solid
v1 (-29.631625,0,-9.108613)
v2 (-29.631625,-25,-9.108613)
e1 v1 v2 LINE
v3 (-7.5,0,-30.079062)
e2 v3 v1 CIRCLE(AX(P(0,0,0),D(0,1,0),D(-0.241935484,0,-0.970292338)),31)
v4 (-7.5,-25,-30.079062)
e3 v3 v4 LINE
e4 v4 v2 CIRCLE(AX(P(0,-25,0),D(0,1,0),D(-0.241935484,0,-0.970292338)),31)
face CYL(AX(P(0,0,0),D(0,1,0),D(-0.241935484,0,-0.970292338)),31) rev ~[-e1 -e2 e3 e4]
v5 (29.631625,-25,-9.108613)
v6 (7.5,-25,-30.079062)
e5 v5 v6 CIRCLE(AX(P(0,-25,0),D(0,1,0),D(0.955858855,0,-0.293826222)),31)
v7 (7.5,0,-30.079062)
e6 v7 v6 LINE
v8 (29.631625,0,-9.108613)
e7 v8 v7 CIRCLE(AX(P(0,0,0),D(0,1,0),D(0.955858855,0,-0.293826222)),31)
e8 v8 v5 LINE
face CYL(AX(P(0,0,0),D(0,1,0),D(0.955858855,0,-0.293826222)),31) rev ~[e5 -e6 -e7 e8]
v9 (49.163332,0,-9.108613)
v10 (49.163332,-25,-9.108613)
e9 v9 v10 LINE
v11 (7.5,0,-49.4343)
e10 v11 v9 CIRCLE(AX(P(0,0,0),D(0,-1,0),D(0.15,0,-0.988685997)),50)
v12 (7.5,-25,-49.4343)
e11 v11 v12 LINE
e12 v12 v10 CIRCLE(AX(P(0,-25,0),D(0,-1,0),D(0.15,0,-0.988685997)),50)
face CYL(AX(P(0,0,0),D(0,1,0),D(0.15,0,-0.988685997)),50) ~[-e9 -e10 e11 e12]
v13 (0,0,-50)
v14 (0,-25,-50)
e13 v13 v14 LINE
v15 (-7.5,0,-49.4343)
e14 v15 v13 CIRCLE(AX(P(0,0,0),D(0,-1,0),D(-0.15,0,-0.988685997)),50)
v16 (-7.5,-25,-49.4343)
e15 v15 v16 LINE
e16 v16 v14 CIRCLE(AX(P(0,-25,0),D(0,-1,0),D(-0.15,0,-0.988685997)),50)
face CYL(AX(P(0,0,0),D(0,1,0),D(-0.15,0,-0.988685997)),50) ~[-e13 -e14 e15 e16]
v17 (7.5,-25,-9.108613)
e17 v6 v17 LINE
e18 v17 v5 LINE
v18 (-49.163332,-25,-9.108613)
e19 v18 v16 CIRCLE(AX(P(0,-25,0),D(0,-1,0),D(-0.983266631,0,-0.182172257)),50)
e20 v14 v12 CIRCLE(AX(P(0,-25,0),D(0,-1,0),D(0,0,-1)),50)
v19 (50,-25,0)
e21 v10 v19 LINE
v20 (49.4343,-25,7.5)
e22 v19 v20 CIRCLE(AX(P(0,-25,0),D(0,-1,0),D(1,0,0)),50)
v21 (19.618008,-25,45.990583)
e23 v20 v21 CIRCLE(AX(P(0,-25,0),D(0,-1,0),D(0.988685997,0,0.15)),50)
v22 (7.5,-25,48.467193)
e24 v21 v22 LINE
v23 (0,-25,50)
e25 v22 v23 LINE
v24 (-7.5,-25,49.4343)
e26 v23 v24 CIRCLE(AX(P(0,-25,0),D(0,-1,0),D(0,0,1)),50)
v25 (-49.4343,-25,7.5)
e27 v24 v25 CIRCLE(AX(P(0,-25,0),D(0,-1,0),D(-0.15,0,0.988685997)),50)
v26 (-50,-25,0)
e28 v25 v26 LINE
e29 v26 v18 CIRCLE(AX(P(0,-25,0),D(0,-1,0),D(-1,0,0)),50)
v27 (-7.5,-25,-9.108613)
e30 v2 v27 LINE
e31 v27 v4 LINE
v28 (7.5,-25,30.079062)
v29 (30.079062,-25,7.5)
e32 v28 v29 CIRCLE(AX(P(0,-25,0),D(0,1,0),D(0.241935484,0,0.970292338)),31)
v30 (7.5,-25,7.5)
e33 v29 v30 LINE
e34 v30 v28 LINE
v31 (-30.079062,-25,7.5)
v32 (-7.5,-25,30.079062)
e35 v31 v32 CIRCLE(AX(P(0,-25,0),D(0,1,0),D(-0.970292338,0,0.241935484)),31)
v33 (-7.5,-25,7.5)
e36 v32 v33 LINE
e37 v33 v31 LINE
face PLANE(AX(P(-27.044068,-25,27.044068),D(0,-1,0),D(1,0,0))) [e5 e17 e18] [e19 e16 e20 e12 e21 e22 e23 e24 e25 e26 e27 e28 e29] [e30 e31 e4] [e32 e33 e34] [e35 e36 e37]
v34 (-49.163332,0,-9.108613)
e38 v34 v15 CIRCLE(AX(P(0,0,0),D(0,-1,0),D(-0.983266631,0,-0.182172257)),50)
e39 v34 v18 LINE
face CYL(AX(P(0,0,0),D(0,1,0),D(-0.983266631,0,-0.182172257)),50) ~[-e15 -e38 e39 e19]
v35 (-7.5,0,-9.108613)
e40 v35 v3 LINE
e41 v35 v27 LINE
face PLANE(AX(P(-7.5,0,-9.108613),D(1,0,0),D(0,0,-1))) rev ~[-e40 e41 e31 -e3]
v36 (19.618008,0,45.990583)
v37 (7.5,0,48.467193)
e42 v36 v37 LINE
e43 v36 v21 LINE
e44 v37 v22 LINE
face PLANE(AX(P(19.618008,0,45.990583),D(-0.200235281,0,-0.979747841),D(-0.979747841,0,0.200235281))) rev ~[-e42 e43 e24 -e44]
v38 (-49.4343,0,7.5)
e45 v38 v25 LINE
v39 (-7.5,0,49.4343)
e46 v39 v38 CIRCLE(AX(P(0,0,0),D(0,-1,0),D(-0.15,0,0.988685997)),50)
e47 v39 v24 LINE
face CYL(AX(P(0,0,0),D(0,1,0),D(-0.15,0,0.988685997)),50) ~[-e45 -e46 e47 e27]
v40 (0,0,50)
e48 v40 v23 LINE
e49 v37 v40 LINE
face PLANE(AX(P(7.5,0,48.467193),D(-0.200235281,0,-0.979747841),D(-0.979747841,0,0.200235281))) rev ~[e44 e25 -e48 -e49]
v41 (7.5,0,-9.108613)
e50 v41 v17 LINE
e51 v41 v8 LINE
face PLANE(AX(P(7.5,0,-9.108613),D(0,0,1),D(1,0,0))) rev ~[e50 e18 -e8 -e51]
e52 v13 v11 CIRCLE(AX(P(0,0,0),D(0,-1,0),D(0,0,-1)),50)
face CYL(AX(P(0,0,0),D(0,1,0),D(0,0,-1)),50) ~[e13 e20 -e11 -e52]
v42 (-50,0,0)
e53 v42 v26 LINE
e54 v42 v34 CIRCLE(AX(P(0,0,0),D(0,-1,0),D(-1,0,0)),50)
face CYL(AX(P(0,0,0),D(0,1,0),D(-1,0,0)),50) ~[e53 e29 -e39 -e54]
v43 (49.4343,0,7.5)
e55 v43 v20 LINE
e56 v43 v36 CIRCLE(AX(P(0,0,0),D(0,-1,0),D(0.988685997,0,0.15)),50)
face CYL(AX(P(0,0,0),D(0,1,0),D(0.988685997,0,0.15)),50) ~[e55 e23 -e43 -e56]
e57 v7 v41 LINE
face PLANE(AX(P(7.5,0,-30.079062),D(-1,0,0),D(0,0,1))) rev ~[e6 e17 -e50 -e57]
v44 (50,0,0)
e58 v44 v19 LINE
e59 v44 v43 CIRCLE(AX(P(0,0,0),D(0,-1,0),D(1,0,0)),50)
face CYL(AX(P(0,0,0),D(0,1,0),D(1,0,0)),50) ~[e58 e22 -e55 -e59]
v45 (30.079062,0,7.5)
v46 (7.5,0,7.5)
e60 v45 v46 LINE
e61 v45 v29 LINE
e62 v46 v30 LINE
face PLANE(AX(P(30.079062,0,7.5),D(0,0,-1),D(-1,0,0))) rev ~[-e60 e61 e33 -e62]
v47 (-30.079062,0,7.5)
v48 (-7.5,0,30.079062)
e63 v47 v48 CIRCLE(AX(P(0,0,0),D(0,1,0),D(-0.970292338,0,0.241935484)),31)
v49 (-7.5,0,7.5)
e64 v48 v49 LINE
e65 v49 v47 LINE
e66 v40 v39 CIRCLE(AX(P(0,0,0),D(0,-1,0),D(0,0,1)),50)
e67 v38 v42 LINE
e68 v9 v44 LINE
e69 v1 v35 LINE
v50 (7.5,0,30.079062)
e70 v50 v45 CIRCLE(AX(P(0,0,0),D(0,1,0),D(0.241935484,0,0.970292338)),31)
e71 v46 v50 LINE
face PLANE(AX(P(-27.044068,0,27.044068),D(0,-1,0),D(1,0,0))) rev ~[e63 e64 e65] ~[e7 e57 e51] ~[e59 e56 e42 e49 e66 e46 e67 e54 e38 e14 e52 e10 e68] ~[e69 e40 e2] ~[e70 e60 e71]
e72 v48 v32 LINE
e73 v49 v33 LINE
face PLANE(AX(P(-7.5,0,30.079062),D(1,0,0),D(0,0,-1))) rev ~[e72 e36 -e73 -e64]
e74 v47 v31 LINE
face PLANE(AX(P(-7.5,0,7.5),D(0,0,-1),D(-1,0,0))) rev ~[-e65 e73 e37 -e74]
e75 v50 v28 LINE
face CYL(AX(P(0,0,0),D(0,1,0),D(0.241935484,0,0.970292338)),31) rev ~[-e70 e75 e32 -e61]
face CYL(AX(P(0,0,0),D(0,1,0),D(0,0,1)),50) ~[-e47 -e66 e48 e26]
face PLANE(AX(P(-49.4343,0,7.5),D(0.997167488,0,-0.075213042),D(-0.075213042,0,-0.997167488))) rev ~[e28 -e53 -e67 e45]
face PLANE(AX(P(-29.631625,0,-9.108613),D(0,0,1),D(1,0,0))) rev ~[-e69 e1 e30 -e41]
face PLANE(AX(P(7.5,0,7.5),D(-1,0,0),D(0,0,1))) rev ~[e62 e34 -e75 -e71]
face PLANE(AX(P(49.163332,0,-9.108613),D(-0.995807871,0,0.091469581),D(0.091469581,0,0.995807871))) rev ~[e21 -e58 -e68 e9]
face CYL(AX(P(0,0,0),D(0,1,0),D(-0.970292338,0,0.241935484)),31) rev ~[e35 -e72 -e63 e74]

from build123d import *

# Parameters (mm, degrees)
F1_DEPTH = 25


with BuildPart() as f1:
    # F0 (on Front) → F1 (new body)
    with BuildSketch(Plane.XZ):
        with BuildLine():
            Line((-7.5, 30.0790624854), (-7.5, 49.4342998332))
            ThreePointArc((-7.5, 49.4342998332), (-35.3553390593, 35.3553390593), (-49.4342998332, 7.5))
            Line((-49.4342998332, 7.5), (-30.0790624854, 7.5))
            ThreePointArc((-30.0790624854, 7.5), (-21.9203102168, 21.9203102168), (-7.5, 30.0790624854))
        make_face()
        with BuildLine():
            ThreePointArc((49.4342998332, 7.5), (39.5276683909, 30.6196576007), (19.6180084329, 45.9905832223))
            Line((19.6180084329, 45.9905832223), (7.5, 48.4671927359))
            Line((7.5, 48.4671927359), (7.5, 30.0790624854))
            ThreePointArc((7.5, 30.0790624854), (21.9203102168, 21.9203102168), (30.0790624854, 7.5))
            Line((30.0790624854, 7.5), (49.4342998332, 7.5))
        make_face()
        with BuildLine():
            ThreePointArc((7.5, -49.4342998332), (34.773891693, -35.9273775348), (49.1633315746, -9.1086128737))
            Line((49.1633315746, -9.1086128737), (29.631624517, -9.1086128737))
            ThreePointArc((29.631624517, -9.1086128737), (21.322038459, -22.502681528), (7.5, -30.0790624854))
            Line((7.5, -30.0790624854), (7.5, -49.4342998332))
        make_face()
        with BuildLine():
            Line((49.1633315746, -9.1086128737), (50, 0))
            Line((50, 0), (31, 0))
            ThreePointArc((31, 0), (30.6559974559, -4.6054120322), (29.631624517, -9.1086128737))
            Line((29.631624517, -9.1086128737), (49.1633315746, -9.1086128737))
        make_face()
        with BuildLine():
            ThreePointArc((50, 0), (49.8583743801, 3.7606520937), (49.4342998332, 7.5))
            Line((49.4342998332, 7.5), (30.0790624854, 7.5))
            ThreePointArc((30.0790624854, 7.5), (30.7689042464, 3.7781650939), (31, 0))
            Line((31, 0), (50, 0))
        make_face()
        with BuildLine():
            Line((7.5, 48.4671927359), (0, 50))
            Line((0, 50), (0, 31))
            ThreePointArc((0, 31), (3.7781650939, 30.7689042464), (7.5, 30.0790624854))
            Line((7.5, 30.0790624854), (7.5, 48.4671927359))
        make_face()
        with BuildLine():
            Line((-30.0790624854, 7.5), (-49.4342998332, 7.5))
            Line((-49.4342998332, 7.5), (-50, 0))
            Line((-50, 0), (-31, 0))
            ThreePointArc((-31, 0), (-30.7689042464, 3.7781650939), (-30.0790624854, 7.5))
        make_face()
        with BuildLine():
            Line((-31, 0), (-50, 0))
            ThreePointArc((-50, 0), (-49.790393545, -4.5734790515), (-49.1633315746, -9.1086128737))
            Line((-49.1633315746, -9.1086128737), (-29.631624517, -9.1086128737))
            ThreePointArc((-29.631624517, -9.1086128737), (-30.6559974559, -4.6054120322), (-31, 0))
        make_face()
        with BuildLine():
            Line((-29.631624517, -9.1086128737), (-49.1633315746, -9.1086128737))
            ThreePointArc((-49.1633315746, -9.1086128737), (-34.773891693, -35.9273775348), (-7.5, -49.4342998332))
            Line((-7.5, -49.4342998332), (-7.5, -30.0790624854))
            ThreePointArc((-7.5, -30.0790624854), (-21.322038459, -22.502681528), (-29.631624517, -9.1086128737))
        make_face()
        with BuildLine():
            Line((-7.5, -30.0790624854), (-7.5, -49.4342998332))
            ThreePointArc((-7.5, -49.4342998332), (-3.7606520937, -49.8583743801), (0, -50))
            Line((0, -50), (0, -31))
            ThreePointArc((0, -31), (-3.7781650939, -30.7689042464), (-7.5, -30.0790624854))
        make_face()
        with BuildLine():
            ThreePointArc((0, -50), (3.7606520937, -49.8583743801), (7.5, -49.4342998332))
            Line((7.5, -49.4342998332), (7.5, -30.0790624854))
            ThreePointArc((7.5, -30.0790624854), (3.7781650939, -30.7689042464), (0, -31))
            Line((0, -31), (0, -50))
        make_face()
        with BuildLine():
            Line((0, 31), (0, 50))
            ThreePointArc((0, 50), (-3.7606520937, 49.8583743801), (-7.5, 49.4342998332))
            Line((-7.5, 49.4342998332), (-7.5, 30.0790624854))
            ThreePointArc((-7.5, 30.0790624854), (-3.7781650939, 30.7689042464), (0, 31))
        make_face()
        with BuildLine():
            Line((-7.5, 7.5), (-30.0790624854, 7.5))
            ThreePointArc((-30.0790624854, 7.5), (-30.7689042464, 3.7781650939), (-31, 0))
            Line((-31, 0), (-7.5, 0))
            Line((-7.5, 0), (-7.5, 7.5))
        make_face()
        with BuildLine():
            Line((-7.5, -9.1086128737), (-7.5, 0))
            Line((-7.5, 0), (-31, 0))
            ThreePointArc((-31, 0), (-30.6559974559, -4.6054120322), (-29.631624517, -9.1086128737))
            Line((-29.631624517, -9.1086128737), (-7.5, -9.1086128737))
        make_face()
        with BuildLine():
            ThreePointArc((31, 0), (30.7689042464, 3.7781650939), (30.0790624854, 7.5))
            Line((30.0790624854, 7.5), (7.5, 7.5))
            Line((7.5, 7.5), (7.5, 0))
            Line((7.5, 0), (31, 0))
        make_face()
        with BuildLine():
            Line((31, 0), (7.5, 0))
            Line((7.5, 0), (7.5, -9.1086128737))
            Line((7.5, -9.1086128737), (29.631624517, -9.1086128737))
            ThreePointArc((29.631624517, -9.1086128737), (30.6559974559, -4.6054120322), (31, 0))
        make_face()
        with BuildLine():
            ThreePointArc((7.5, 0), (5.3033008589, 5.3033008589), (0, 7.5))
            Line((0, 7.5), (0, 2.5))
            ThreePointArc((0, 2.5), (1.767766953, 1.767766953), (2.5, 0))
            Line((2.5, 0), (7.5, 0))
        make_face()
        with BuildLine():
            Line((0, 2.5), (0, 7.5))
            ThreePointArc((0, 7.5), (-5.3033008589, 5.3033008589), (-7.5, 0))
            Line((-7.5, 0), (-2.5, 0))
            ThreePointArc((-2.5, 0), (-1.767766953, 1.767766953), (0, 2.5))
        make_face()
        with BuildLine():
            ThreePointArc((0, -7.5), (5.3033008589, -5.3033008589), (7.5, 0))
            Line((7.5, 0), (2.5, 0))
            ThreePointArc((2.5, 0), (1.767766953, -1.767766953), (0, -2.5))
            Line((0, -2.5), (0, -7.5))
        make_face()
        with BuildLine():
            Line((-2.5, 0), (-7.5, 0))
            ThreePointArc((-7.5, 0), (-5.3033008589, -5.3033008589), (0, -7.5))
            Line((0, -7.5), (0, -2.5))
            ThreePointArc((0, -2.5), (-1.767766953, -1.767766953), (-2.5, 0))
        make_face()
        with BuildLine():
            Line((0, 0), (-2.5, 0))
            ThreePointArc((-2.5, 0), (-1.767766953, -1.767766953), (0, -2.5))
            Line((0, -2.5), (0, 0))
        make_face()
        with BuildLine():
            ThreePointArc((0, -2.5), (1.767766953, -1.767766953), (2.5, 0))
            Line((2.5, 0), (0, 0))
            Line((0, 0), (0, -2.5))
        make_face()
        with BuildLine():
            ThreePointArc((2.5, 0), (1.767766953, 1.767766953), (0, 2.5))
            Line((0, 2.5), (0, 0))
            Line((0, 0), (2.5, 0))
        make_face()
        with BuildLine():
            Line((0, 0), (0, 2.5))
            ThreePointArc((0, 2.5), (-1.767766953, 1.767766953), (-2.5, 0))
            Line((-2.5, 0), (0, 0))
        make_face()
        with BuildLine():
            Line((7.5, 7.5), (0, 7.5))
            ThreePointArc((0, 7.5), (5.3033008589, 5.3033008589), (7.5, 0))
            Line((7.5, 0), (7.5, 7.5))
        make_face()
        with BuildLine():
            ThreePointArc((-7.5, 0), (-5.3033008589, 5.3033008589), (0, 7.5))
            Line((0, 7.5), (-7.5, 7.5))
            Line((-7.5, 7.5), (-7.5, 0))
        make_face()
        with BuildLine():
            ThreePointArc((0, -7.5), (-5.3033008589, -5.3033008589), (-7.5, 0))
            Line((-7.5, 0), (-7.5, -9.1086128737))
            Line((-7.5, -9.1086128737), (0, -9.1086128737))
            Line((0, -9.1086128737), (0, -7.5))
        make_face()
        with BuildLine():
            Line((7.5, -9.1086128737), (7.5, 0))
            ThreePointArc((7.5, 0), (5.3033008589, -5.3033008589), (0, -7.5))
            Line((0, -7.5), (0, -9.1086128737))
            Line((0, -9.1086128737), (7.5, -9.1086128737))
        make_face()
        with BuildLine():
            Line((0, 7.5), (0, 31))
            ThreePointArc((0, 31), (-3.7781650939, 30.7689042464), (-7.5, 30.0790624854))
            Line((-7.5, 30.0790624854), (-7.5, 7.5))
            Line((-7.5, 7.5), (0, 7.5))
        make_face()
        with BuildLine():
            ThreePointArc((7.5, 30.0790624854), (3.7781650939, 30.7689042464), (0, 31))
            Line((0, 31), (0, 7.5))
            Line((0, 7.5), (7.5, 7.5))
            Line((7.5, 7.5), (7.5, 30.0790624854))
        make_face()
        with BuildLine():
            Line((0, -9.1086128737), (-7.5, -9.1086128737))
            Line((-7.5, -9.1086128737), (-7.5, -30.0790624854))
            ThreePointArc((-7.5, -30.0790624854), (-3.7781650939, -30.7689042464), (0, -31))
            Line((0, -31), (0, -9.1086128737))
        make_face()
        with BuildLine():
            Line((7.5, -30.0790624854), (7.5, -9.1086128737))
            Line((7.5, -9.1086128737), (0, -9.1086128737))
            Line((0, -9.1086128737), (0, -31))
            ThreePointArc((0, -31), (3.7781650939, -30.7689042464), (7.5, -30.0790624854))
        make_face()
    extrude(amount=F1_DEPTH)


solid = f1.part
